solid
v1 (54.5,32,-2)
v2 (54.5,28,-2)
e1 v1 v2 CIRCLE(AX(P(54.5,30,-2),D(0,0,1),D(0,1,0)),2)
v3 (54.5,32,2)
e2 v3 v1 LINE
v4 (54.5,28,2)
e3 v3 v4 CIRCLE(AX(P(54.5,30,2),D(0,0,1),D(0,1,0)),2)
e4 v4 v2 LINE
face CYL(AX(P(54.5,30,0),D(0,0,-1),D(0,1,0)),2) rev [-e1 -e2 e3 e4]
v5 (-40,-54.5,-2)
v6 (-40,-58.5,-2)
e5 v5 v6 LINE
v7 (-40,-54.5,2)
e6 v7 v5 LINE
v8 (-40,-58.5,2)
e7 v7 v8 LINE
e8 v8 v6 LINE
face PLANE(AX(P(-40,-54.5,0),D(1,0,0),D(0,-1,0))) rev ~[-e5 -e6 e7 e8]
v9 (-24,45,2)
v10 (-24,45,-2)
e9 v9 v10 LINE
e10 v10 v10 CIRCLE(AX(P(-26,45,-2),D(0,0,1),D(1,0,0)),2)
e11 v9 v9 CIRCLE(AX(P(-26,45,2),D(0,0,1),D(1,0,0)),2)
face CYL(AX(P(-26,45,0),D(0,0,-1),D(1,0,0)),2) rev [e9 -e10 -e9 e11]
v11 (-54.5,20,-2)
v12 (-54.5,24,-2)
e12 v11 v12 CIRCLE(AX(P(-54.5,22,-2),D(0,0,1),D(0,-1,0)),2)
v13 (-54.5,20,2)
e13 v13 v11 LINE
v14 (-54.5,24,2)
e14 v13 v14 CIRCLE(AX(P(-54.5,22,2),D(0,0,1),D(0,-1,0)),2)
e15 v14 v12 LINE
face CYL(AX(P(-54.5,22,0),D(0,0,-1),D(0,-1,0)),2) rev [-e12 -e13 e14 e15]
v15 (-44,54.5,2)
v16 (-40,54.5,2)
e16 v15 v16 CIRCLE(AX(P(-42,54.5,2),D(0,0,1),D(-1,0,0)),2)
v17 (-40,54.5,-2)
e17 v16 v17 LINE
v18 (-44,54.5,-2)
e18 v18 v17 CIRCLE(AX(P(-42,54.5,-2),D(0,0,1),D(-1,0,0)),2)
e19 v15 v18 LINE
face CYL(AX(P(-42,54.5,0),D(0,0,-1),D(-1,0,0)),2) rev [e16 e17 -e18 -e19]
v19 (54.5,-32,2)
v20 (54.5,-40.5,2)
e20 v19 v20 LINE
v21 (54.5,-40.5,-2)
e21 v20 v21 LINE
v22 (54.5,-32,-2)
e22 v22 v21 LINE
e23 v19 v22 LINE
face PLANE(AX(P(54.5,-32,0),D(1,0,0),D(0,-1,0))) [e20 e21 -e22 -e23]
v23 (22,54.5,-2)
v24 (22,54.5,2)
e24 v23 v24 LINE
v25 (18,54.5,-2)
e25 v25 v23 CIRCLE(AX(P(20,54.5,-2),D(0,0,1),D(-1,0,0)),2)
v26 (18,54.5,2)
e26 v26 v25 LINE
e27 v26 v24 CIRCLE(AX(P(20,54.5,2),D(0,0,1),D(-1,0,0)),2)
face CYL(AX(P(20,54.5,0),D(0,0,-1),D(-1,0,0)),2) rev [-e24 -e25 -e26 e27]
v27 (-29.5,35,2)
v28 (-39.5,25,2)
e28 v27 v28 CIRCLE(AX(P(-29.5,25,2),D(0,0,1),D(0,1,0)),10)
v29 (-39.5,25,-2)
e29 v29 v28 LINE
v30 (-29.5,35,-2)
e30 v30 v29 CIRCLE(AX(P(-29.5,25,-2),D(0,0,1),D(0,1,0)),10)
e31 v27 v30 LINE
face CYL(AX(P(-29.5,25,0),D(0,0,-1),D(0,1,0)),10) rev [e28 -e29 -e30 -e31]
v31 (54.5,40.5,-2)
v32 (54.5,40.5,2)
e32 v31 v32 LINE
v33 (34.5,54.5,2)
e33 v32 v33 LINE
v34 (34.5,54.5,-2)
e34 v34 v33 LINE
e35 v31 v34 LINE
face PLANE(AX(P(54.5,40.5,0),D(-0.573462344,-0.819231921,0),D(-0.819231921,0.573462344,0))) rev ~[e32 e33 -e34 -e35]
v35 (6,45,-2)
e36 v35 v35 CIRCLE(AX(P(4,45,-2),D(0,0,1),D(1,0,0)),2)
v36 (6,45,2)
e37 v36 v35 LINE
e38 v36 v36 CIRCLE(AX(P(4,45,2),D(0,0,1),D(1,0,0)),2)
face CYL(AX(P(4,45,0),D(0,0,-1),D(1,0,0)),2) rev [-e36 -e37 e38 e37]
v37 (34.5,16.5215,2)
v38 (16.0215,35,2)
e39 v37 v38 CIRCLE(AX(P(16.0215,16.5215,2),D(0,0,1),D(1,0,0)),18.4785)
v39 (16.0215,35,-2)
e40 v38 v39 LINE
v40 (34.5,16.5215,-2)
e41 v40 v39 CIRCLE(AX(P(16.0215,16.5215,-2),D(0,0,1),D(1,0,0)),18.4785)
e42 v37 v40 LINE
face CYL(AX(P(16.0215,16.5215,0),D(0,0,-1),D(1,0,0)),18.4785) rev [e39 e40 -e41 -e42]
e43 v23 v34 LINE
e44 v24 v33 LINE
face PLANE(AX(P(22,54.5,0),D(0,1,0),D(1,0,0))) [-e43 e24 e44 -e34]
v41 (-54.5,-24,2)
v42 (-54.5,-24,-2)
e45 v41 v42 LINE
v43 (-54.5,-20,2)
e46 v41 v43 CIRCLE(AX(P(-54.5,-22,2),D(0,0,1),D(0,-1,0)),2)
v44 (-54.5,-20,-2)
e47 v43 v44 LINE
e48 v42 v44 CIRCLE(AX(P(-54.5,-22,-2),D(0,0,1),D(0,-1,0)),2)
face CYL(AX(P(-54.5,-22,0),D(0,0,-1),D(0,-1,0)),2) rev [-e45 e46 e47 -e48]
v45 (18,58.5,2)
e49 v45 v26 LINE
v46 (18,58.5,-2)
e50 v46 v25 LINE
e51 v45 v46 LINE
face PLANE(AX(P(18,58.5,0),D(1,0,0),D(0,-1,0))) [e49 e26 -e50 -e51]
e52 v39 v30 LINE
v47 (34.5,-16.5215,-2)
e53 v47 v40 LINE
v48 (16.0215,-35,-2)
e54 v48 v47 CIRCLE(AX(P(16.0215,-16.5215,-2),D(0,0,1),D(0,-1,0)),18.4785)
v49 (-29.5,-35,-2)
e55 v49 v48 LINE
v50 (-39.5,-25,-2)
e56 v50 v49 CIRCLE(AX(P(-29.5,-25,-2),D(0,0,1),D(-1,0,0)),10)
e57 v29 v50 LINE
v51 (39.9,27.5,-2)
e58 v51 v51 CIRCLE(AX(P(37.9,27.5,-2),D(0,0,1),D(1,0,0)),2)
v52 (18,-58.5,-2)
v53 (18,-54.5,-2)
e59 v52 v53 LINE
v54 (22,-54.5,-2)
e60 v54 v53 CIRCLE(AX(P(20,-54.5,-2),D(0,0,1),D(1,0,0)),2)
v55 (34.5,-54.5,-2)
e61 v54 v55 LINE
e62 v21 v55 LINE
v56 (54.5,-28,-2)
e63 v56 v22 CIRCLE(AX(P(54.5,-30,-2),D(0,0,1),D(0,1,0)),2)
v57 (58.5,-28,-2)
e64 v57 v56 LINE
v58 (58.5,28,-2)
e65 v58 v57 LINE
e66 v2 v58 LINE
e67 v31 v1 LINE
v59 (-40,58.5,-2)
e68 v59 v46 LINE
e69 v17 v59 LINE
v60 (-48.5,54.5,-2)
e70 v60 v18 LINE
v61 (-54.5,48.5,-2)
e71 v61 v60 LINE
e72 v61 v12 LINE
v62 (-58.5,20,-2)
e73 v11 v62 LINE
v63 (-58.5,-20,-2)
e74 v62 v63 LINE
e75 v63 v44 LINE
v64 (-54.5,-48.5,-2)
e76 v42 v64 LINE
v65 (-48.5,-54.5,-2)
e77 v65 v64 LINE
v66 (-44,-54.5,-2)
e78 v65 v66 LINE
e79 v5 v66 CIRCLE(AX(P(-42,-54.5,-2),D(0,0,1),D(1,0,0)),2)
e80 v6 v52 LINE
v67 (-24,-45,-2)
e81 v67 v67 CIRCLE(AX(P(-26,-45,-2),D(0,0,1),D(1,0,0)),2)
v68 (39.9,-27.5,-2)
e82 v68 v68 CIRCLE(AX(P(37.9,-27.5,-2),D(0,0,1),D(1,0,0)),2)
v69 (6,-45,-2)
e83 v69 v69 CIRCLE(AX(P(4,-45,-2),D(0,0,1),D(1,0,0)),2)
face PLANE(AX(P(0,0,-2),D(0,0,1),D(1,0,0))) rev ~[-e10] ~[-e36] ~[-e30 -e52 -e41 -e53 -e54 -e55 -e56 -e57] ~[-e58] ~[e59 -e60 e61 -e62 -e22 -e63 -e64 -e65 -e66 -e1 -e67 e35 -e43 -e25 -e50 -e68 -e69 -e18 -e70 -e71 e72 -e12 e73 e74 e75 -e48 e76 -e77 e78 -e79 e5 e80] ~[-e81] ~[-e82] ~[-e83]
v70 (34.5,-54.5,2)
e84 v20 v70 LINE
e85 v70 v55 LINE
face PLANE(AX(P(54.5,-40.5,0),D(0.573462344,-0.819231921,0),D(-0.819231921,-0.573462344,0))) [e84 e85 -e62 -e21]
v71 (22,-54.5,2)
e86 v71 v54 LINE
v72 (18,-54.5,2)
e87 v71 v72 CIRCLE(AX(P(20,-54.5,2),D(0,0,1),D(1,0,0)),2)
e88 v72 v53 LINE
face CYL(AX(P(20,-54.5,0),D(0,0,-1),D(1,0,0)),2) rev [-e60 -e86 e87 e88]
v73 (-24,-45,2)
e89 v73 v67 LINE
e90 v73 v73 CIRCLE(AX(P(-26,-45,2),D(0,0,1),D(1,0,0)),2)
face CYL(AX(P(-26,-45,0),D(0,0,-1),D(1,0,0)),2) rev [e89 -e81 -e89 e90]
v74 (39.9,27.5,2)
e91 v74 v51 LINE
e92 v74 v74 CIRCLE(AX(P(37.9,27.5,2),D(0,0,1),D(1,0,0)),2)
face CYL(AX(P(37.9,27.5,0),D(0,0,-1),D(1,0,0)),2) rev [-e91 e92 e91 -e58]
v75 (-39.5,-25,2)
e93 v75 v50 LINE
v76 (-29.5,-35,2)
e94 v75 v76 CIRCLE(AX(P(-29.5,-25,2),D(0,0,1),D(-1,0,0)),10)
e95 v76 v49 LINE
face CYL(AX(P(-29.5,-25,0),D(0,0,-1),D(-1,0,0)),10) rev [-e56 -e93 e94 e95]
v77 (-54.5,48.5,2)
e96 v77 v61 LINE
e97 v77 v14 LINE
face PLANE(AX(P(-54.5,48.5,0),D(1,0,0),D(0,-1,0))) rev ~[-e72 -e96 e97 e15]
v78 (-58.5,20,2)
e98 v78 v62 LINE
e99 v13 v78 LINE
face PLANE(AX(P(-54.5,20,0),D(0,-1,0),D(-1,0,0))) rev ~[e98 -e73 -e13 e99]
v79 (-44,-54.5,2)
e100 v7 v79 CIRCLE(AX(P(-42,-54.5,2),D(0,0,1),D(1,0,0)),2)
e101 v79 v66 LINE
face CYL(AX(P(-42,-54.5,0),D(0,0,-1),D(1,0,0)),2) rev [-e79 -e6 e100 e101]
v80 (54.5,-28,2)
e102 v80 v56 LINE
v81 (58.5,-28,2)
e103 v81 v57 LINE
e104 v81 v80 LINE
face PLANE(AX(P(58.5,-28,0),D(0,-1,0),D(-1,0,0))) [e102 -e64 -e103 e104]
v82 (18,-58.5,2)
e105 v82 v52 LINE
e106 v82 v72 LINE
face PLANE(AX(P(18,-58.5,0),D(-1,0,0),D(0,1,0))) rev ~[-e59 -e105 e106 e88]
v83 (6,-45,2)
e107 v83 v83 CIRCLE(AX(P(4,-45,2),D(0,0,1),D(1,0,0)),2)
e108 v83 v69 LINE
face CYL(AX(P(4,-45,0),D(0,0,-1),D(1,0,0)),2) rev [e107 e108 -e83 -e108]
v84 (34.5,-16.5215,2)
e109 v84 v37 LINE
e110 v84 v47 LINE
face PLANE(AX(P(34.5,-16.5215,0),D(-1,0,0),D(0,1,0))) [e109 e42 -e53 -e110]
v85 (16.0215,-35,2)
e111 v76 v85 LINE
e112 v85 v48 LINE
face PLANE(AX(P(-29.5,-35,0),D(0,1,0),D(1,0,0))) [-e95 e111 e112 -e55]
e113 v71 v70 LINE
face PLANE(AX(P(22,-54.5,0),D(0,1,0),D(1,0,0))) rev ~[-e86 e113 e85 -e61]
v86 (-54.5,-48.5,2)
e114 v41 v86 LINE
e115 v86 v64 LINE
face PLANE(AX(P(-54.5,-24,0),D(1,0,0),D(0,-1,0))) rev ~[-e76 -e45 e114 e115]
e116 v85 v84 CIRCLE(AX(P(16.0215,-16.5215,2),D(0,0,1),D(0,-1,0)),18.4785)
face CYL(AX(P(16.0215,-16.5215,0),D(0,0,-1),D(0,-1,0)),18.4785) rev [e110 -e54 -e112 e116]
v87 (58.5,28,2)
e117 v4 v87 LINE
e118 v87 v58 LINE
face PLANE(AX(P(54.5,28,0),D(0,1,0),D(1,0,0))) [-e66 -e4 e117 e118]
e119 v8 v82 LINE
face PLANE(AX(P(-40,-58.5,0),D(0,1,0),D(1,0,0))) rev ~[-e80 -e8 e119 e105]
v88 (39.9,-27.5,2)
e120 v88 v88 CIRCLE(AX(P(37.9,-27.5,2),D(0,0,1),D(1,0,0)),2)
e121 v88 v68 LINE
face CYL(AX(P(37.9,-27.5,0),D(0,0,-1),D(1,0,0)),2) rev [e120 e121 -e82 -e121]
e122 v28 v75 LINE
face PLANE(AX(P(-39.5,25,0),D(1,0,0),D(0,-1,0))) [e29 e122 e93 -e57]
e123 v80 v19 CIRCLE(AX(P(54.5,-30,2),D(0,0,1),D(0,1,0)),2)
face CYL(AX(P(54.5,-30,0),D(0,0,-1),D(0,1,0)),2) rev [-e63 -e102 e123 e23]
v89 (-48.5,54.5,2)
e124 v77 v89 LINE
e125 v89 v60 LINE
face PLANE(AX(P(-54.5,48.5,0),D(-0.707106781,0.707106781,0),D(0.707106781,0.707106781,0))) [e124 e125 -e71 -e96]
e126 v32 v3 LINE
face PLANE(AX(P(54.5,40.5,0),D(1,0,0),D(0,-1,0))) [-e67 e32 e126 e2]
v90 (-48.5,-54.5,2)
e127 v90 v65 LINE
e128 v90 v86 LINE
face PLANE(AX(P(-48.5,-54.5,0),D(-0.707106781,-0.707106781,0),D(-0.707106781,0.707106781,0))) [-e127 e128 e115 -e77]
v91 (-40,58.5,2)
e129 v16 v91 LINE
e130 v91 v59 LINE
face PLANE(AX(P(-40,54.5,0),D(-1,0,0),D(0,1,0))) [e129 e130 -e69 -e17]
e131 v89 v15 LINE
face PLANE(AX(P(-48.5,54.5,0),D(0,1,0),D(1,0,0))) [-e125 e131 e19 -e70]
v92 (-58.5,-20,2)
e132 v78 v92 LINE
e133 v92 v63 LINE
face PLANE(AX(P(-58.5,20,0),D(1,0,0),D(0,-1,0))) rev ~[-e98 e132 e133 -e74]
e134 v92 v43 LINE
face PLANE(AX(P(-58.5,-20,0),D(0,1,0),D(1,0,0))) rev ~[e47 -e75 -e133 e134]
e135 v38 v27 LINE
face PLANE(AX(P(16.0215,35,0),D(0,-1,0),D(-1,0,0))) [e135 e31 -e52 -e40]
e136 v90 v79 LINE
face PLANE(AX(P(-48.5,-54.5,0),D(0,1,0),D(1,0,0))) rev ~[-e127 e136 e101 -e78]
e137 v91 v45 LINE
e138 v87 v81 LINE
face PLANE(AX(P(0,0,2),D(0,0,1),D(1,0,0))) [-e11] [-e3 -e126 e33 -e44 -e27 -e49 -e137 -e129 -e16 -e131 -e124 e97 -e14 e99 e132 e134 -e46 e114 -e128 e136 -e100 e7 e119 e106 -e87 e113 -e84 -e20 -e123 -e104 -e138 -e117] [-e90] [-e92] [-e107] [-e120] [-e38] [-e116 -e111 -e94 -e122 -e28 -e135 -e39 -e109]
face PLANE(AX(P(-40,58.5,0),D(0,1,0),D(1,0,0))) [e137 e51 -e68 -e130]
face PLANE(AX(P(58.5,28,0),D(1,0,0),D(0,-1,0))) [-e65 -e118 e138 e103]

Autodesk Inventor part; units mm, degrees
ref_plane "YZ Plane" through (0, 0, 0) normal (1, 0, 0) x (0, 1, 0)
ref_plane "XZ Plane" through (0, 0, 0) normal (0, 1, 0) x (-1, 0, 0)
ref_plane "XY Plane" through (0, 0, 0) normal (0, 0, 1) x (1, 0, 0)
sketch "Boceto1" plane through (0, 0, 0) normal (0, 0, 1) x (1, 0, 0)
  line L0 (0, 82.4534) -> (0, -82.4534) construction
  line L1 (-81.8976, 0) -> (81.8976, 0) construction
  line L2 (54.5, 40.5) -> (54.5, 32)
  arc A0 (54.5, 32) -> (54.5, 28) centre (54.5, 30) ccw
  line L3 (54.5, 28) -> (58.5, 28)
  line L4 (58.5, 28) -> (58.5, -28)
  line L5 (58.5, -28) -> (54.5, -28)
  arc A1 (54.5, -28) -> (54.5, -32) centre (54.5, -30) ccw
  line L6 (54.5, -32) -> (54.5, -40.5)
  line L7 (-54.5, 48.5) -> (-54.5, 24)
  arc A2 (-54.5, 20) -> (-54.5, 24) centre (-54.5, 22) ccw
  line L8 (-54.5, 20) -> (-58.5, 20)
  line L9 (-58.5, 20) -> (-58.5, -20)
  line L10 (-58.5, -20) -> (-54.5, -20)
  arc A3 (-54.5, -24) -> (-54.5, -20) centre (-54.5, -22) ccw
  line L11 (-54.5, -24) -> (-54.5, -48.5)
  line L12 (-48.5, 54.5) -> (-44, 54.5)
  line L13 (22, 54.5) -> (34.5, 54.5)
  line L14 (-48.5, -54.5) -> (-44, -54.5)
  line L15 (22, -54.5) -> (34.5, -54.5)
  arc A4 (-44, 54.5) -> (-40, 54.5) centre (-42, 54.5) ccw
  line L16 (-40, 54.5) -> (-40, 58.5)
  line L17 (-40, 58.5) -> (18, 58.5)
  line L18 (18, 58.5) -> (18, 54.5)
  arc A5 (18, 54.5) -> (22, 54.5) centre (20, 54.5) ccw
  arc A6 (-40, -54.5) -> (-44, -54.5) centre (-42, -54.5) ccw
  line L19 (-40, -54.5) -> (-40, -58.5)
  line L20 (-40, -58.5) -> (18, -58.5)
  line L21 (18, -58.5) -> (18, -54.5)
  arc A7 (22, -54.5) -> (18, -54.5) centre (20, -54.5) ccw
  line L22 (-54.5, 48.5) -> (-48.5, 54.5)
  line L23 (54.5, 40.5) -> (34.5, 54.5)
  line L24 (54.5, -40.5) -> (34.5, -54.5)
  line L25 (-48.5, -54.5) -> (-54.5, -48.5)
  line L26 (-39.5, 25) -> (-39.5, -25)
  arc A8 (-39.5, -25) -> (-29.5, -35) centre (-29.5, -25) ccw
  line L27 (-29.5, -35) -> (16.0215, -35)
  arc A9 (16.0215, -35) -> (34.5, -16.5215) centre (16.0215, -16.5215) ccw
  line L28 (34.5, -16.5215) -> (34.5, 16.5215)
  arc A10 (34.5, 16.5215) -> (16.0215, 35) centre (16.0215, 16.5215) ccw
  line L29 (16.0215, 35) -> (-29.5, 35)
  arc A11 (-29.5, 35) -> (-39.5, 25) centre (-29.5, 25) ccw
  circle A12 centre (4, 45) radius 2 projected
  circle A13 centre (-26, 45) radius 2 projected
  line L30 (-37, 36.5) -> (-37, 55.5) construction
  line L31 (15, 55.5) -> (15, 36.5) construction
  circle A14 centre (-26, -45) radius 2 projected
  circle A15 centre (4, -45) radius 2 projected
  circle A16 centre (37.9, 27.5) radius 2 projected
  circle A17 centre (37.9, -27.5) radius 2 projected
  point P0 (0, 0)
  point P1 (0, 0)
  point P2 (54.5, 54.5)
  point P3 (54.5, -54.5)
  point P4 (-54.5, 54.5)
  point P5 (-54.5, -54.5)
  point P6 (54.5, -54.5)
  point P7 (-58.5, 0)
  point P8 (54.5, -54.5)
  point P9 (-39.5, 0)
  point P10 (58.5, 0)
  dimension "d0" = 109
  dimension "d1" = 40
  dimension "d2" = 2
  dimension "d3" = 109
  dimension "d7" = 4
  dimension "d8" = 6
  dimension "d9" = 6
  dimension "d10" = 14
  dimension "d11" = 20
  dimension "d12" = 14
  dimension "d13" = 20
  dimension "d14" = 6
  dimension "d15" = 6
  dimension "d16" = 20
  dimension "d17" = 10
  dimension "d20" = 58
  dimension "d21" = 3
  dimension "d22" = 3
  dimension "d23" = 15
  dimension "d24" = 4
  dimension "d26" = 4
  dimension "d27" = 70
extrude "Extrusión1" add sketch "Boceto1" along normal mid plane 4
equation "\"d3\" = d0"
equation "\"d9\" = d8"
equation "\"d12\" = d10"
equation "\"d13\" = d11"
equation "\"d14\" = d8"
equation "\"d15\" = d14"
equation "\"d22\" = d21"
properties part number "refuerzo interior B"
